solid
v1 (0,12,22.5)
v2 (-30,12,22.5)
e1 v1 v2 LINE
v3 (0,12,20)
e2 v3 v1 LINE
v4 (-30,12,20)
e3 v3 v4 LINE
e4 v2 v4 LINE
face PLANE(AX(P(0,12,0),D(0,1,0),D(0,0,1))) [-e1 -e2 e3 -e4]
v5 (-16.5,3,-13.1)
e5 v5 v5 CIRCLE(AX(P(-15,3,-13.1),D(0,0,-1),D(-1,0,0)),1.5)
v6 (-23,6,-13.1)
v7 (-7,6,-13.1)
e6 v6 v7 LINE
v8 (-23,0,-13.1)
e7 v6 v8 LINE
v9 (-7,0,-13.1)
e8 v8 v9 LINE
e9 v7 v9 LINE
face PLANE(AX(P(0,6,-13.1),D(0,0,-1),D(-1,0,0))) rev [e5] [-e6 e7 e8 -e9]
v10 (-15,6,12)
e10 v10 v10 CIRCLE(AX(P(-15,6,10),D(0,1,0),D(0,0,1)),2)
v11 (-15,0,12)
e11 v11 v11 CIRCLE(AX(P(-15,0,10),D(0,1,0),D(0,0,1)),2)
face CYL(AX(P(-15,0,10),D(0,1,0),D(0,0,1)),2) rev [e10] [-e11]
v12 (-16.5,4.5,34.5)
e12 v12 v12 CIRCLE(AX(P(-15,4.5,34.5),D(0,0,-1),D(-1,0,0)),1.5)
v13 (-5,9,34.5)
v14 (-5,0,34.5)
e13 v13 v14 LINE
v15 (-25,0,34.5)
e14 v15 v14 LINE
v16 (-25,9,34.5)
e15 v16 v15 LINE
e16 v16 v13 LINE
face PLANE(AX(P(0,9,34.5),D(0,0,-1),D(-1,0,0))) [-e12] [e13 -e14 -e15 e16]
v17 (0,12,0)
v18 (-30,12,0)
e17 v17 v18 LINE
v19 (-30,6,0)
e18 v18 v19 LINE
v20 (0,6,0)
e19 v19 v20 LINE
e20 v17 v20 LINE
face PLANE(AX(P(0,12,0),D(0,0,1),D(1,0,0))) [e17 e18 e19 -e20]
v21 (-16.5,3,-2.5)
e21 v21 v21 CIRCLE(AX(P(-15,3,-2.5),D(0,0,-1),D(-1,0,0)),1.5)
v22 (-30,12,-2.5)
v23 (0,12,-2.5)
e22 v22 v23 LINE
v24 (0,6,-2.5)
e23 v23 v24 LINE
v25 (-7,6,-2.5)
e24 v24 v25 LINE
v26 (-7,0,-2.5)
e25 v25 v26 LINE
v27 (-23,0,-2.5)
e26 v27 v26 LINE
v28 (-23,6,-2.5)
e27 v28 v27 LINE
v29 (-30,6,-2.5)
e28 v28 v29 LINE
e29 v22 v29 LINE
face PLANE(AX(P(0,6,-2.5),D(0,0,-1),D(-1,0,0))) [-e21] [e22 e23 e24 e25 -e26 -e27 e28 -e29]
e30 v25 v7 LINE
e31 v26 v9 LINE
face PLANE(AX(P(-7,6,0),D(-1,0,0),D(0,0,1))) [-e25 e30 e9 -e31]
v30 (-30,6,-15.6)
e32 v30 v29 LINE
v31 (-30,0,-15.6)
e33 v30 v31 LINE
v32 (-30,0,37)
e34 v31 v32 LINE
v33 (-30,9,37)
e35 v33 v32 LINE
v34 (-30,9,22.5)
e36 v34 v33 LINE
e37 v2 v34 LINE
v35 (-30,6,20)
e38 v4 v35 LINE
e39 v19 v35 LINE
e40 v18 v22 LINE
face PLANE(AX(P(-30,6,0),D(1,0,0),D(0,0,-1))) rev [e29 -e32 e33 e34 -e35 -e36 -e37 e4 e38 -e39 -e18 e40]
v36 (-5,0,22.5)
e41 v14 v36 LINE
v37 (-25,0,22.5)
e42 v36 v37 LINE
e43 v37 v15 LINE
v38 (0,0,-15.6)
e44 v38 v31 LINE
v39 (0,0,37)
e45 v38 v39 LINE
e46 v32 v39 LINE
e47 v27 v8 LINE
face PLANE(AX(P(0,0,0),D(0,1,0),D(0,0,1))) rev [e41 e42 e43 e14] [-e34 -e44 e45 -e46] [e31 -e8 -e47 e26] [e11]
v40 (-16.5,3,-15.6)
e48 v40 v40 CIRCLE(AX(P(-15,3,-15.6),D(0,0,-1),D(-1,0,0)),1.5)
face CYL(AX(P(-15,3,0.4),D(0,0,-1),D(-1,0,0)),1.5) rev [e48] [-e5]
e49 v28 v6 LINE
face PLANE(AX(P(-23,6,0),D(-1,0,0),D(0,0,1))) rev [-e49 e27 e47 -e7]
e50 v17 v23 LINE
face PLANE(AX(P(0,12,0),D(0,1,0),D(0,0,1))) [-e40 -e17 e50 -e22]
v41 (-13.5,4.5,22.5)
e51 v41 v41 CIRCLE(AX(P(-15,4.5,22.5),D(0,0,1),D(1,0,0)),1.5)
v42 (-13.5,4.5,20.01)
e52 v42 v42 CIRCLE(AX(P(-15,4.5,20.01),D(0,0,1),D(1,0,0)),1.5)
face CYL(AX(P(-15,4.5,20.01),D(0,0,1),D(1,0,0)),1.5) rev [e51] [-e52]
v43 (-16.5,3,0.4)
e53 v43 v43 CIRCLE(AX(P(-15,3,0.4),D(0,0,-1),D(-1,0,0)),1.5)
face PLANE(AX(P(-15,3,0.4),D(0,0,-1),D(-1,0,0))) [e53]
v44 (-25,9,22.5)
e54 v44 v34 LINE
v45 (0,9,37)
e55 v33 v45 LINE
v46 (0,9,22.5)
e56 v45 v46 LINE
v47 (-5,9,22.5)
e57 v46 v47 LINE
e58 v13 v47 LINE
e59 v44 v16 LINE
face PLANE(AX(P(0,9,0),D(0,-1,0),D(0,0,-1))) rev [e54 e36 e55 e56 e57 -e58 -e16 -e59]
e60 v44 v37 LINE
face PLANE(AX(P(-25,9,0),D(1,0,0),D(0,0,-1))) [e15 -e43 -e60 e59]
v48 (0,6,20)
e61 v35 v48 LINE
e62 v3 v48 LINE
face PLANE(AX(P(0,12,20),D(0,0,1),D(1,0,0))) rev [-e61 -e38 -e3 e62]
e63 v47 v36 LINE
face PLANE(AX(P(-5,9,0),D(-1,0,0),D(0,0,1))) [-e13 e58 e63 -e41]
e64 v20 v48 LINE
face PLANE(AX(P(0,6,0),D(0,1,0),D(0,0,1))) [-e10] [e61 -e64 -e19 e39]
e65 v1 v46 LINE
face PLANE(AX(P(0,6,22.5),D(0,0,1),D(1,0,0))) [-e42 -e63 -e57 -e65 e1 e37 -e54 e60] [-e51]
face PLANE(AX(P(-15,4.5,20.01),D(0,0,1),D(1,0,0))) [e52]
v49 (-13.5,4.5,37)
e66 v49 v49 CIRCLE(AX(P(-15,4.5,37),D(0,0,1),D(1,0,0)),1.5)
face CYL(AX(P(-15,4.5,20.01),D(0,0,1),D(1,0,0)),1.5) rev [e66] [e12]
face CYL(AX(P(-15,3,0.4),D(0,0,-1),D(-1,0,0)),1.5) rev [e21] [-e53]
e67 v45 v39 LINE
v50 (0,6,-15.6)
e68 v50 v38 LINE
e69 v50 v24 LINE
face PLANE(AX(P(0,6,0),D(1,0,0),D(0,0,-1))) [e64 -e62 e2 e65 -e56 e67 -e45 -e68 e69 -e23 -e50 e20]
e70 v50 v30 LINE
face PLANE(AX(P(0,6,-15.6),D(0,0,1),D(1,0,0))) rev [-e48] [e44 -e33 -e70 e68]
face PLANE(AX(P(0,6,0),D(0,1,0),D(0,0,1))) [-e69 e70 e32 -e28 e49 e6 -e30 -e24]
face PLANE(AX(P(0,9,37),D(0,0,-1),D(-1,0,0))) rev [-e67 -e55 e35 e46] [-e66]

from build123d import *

# Parameters (mm, degrees)
SKETCH1_W           = 30
SKETCH1_H           = 38.1
SKETCH1_W_2         = 16
SKETCH1_H_2         = 10.6
BOSS_EXTRUDE1_DEPTH = 6
SKETCH1_3_W         = 30
SKETCH1_3_H         = 2.5
BOSS_EXTRUDE2_DEPTH = 12
SKETCH3_R           = 1.5
CUT_EXTRUDE2_DEPTH  = 16
SKETCH2_R           = 2
CUT_EXTRUDE1_DEPTH  = 38.976966704
BOSS_EXTRUDE3_DEPTH = 9
SKETCH6_R           = 1.5
CUT_EXTRUDE4_DEPTH  = 16.99


with BuildPart() as part:
    # Sketch1 → Boss-Extrude1 (new body)
    with BuildSketch(Plane(origin=(0, 0, 0), x_dir=(1, 0, 0), z_dir=(0, 1, 0))):
        with Locations((-15, -3.45)):
            Rectangle(SKETCH1_W, SKETCH1_H)
        with Locations((-15, 7.8)):
            Rectangle(SKETCH1_W_2, SKETCH1_H_2, mode=Mode.SUBTRACT)
    extrude(amount=BOSS_EXTRUDE1_DEPTH)

    # Sketch1<3> → Boss-Extrude2 (add)
    with BuildSketch(Plane(origin=(0, 0, 0), x_dir=(1, 0, 0), z_dir=(0, 1, 0))):
        with Locations((-15, -21.25)):
            Rectangle(SKETCH1_3_W, SKETCH1_3_H)
        with Locations((-15, 1.25)):
            Rectangle(SKETCH1_3_W, SKETCH1_3_H)
    extrude(amount=BOSS_EXTRUDE2_DEPTH)

    # Sketch3 → Cut-Extrude2 (cut)
    with BuildSketch(Plane(origin=(0, 0, -15.6), x_dir=(-1, 0, 0), z_dir=(0, 0, -1))):
        with Locations((15, 3)):
            Circle(SKETCH3_R)
    extrude(amount=-CUT_EXTRUDE2_DEPTH, mode=Mode.SUBTRACT)

    # Sketch2 → Cut-Extrude1 (cut, through all)
    with BuildSketch(Plane(origin=(0, 6, 0), x_dir=(1, 0, 0), z_dir=(0, 1, 0))):
        with Locations((-15, -10)):
            Circle(SKETCH2_R)
    extrude(amount=-CUT_EXTRUDE1_DEPTH, mode=Mode.SUBTRACT)

    # Sketch5 → Boss-Extrude3 (add)
    with BuildSketch(Plane.XZ):
        Polygon((-30, 22.5), (-25, 22.5), (-25, 34.5), (-5, 34.5), (-5, 22.5), (0, 22.5), (0, 37), (-30, 37), align=None)
    extrude(amount=-BOSS_EXTRUDE3_DEPTH)

    # Sketch6 → Cut-Extrude4 (cut)
    with BuildSketch(Plane.XY.offset(37)):
        with Locations((-15, 4.5)):
            Circle(SKETCH6_R)
    extrude(amount=-CUT_EXTRUDE4_DEPTH, mode=Mode.SUBTRACT)


solid = part.part
